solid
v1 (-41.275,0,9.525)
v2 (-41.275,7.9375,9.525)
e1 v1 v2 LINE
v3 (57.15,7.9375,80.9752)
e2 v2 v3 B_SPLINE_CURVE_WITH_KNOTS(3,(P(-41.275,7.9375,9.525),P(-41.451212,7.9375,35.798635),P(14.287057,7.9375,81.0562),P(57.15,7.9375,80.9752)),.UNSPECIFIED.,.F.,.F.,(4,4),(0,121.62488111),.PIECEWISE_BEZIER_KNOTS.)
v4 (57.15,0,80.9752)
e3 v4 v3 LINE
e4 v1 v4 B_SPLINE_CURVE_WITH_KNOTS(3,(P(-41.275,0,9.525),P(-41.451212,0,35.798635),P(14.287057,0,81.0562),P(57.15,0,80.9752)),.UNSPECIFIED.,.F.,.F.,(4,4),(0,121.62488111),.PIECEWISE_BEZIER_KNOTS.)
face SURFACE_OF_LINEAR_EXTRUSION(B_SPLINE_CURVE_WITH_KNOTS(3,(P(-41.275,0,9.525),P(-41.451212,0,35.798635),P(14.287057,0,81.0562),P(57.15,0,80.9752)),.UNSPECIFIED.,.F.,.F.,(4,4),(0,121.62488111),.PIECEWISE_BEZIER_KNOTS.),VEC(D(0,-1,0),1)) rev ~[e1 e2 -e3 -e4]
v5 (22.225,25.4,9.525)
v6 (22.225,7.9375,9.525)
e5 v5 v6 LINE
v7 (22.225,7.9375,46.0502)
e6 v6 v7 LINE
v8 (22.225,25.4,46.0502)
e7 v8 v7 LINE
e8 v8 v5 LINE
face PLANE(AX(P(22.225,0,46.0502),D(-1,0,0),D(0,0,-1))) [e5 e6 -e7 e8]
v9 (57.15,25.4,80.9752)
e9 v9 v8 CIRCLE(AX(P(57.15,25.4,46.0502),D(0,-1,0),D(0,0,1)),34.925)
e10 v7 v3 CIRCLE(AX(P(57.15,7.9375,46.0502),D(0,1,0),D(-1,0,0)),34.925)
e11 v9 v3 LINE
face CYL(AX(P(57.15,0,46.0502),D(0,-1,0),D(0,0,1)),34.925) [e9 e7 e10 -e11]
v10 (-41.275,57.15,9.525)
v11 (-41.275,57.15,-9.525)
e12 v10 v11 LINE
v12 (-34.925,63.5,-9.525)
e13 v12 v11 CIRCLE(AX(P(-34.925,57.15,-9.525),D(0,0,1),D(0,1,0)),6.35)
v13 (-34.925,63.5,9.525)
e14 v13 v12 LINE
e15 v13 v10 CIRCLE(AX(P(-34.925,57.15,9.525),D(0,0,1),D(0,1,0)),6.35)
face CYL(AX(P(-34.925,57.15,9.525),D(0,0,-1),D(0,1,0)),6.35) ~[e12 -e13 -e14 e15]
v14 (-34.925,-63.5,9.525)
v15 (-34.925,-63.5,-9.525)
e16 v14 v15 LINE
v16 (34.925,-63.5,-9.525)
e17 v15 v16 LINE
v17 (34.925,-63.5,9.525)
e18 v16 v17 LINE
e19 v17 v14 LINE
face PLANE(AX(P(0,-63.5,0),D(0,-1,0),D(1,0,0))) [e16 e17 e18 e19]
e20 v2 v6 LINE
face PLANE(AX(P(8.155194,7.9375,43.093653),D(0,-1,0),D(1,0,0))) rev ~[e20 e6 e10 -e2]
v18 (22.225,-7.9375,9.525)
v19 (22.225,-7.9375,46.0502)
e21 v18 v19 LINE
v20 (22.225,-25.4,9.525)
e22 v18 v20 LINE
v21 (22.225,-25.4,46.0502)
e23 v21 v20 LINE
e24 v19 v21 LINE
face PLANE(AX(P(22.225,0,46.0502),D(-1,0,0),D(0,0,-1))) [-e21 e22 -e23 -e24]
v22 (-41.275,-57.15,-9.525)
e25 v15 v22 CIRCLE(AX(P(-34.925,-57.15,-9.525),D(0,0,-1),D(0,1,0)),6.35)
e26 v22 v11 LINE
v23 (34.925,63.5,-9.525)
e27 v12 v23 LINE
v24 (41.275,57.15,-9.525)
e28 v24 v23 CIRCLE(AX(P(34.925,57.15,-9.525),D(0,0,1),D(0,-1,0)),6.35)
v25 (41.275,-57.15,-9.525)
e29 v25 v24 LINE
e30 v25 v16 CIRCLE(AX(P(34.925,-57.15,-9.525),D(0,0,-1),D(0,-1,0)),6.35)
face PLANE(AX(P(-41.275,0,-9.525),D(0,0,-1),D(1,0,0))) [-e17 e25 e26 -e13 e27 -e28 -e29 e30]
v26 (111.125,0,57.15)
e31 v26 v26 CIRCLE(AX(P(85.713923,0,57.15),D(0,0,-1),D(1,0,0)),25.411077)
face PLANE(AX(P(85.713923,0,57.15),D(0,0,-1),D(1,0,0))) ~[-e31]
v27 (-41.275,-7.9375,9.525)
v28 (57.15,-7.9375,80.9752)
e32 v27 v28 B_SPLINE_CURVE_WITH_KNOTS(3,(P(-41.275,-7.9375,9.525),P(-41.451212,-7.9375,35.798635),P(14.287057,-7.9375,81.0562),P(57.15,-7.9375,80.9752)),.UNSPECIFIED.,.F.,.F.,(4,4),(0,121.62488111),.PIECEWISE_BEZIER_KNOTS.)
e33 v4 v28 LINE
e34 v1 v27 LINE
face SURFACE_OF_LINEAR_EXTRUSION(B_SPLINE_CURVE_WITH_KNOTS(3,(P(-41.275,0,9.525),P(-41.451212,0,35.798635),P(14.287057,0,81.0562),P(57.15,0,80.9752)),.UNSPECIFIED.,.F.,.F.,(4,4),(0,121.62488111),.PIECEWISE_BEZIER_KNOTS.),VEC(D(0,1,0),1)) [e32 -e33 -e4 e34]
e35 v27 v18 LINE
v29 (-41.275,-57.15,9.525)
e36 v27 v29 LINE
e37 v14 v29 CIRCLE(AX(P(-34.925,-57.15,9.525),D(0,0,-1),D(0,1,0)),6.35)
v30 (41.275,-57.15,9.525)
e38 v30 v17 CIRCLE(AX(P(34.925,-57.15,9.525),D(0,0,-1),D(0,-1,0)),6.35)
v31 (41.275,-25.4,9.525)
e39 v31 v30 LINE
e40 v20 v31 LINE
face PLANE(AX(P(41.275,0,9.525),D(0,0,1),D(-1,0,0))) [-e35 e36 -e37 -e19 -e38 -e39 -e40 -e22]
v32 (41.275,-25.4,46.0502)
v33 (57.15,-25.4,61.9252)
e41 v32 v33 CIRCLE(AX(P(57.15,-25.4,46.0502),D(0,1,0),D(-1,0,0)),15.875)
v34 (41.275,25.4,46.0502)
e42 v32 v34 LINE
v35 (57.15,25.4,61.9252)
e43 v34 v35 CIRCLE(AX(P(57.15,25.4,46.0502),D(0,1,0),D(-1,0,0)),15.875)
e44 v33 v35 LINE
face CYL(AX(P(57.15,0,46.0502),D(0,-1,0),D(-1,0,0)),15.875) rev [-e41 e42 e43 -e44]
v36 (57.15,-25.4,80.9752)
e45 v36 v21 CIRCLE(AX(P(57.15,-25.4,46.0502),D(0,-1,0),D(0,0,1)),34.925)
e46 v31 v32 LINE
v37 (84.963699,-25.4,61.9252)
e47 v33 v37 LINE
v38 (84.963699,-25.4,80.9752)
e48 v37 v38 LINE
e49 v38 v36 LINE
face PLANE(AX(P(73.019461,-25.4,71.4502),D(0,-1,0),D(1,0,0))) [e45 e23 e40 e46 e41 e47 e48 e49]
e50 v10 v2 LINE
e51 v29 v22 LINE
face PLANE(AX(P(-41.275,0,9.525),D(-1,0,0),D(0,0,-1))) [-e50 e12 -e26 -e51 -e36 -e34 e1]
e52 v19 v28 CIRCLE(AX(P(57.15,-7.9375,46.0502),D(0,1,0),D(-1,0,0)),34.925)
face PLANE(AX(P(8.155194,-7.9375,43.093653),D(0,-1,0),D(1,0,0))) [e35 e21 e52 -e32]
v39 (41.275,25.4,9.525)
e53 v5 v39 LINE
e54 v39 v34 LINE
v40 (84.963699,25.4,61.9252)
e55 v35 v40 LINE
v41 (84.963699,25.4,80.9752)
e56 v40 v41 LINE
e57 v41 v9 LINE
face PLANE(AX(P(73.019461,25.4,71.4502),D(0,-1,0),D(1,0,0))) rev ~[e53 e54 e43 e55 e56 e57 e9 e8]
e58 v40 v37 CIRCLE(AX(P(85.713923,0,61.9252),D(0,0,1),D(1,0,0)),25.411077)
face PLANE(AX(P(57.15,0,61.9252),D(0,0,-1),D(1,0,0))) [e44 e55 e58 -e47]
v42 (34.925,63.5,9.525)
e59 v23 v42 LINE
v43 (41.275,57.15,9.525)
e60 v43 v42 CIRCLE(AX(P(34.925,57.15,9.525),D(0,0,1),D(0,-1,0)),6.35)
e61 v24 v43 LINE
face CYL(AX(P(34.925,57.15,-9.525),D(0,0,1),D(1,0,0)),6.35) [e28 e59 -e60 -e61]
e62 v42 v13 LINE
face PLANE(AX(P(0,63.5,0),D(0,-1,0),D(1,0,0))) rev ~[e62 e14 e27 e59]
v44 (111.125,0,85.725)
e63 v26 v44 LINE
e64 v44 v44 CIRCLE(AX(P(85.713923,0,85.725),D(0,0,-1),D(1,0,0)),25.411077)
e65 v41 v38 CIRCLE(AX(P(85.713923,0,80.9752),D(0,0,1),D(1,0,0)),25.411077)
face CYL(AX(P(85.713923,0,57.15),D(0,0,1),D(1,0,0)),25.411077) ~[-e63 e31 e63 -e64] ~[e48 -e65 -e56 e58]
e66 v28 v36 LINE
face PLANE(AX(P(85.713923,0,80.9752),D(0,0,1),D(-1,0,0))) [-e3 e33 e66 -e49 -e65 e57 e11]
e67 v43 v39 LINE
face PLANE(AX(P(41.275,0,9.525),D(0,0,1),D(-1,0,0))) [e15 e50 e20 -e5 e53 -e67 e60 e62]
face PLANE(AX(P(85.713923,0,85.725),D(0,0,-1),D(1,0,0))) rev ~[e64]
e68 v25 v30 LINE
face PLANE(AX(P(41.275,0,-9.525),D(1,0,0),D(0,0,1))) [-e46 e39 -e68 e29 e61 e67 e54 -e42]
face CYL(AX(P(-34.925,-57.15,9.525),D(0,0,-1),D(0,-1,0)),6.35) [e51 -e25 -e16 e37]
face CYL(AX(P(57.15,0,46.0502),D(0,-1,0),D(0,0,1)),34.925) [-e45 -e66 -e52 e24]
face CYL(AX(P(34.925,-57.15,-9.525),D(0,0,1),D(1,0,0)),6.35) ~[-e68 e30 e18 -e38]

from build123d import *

# Parameters (mm, degrees)
F1_DEPTH = 63.5
F0_W     = 25.3889229774
F0_H     = 19.05
F2_DEPTH = 25.4
F3_DEPTH = 7.9375
F5_R     = 6.35


with BuildPart() as f1:
    # F0 (on Front) → F1 (new body, symmetric)
    with BuildSketch(Plane.XZ):
        Polygon((41.275, -9.525), (41.275, 9.525), (22.225, 9.525), (-41.275, 9.525), (-41.275, -9.525), align=None)
    extrude(amount=F1_DEPTH, both=True)

    # F0 (on Front) → F2 (join, symmetric)
    with BuildSketch(Plane.XZ):
        with Locations((73.0194614887, 71.4502)):
            Rectangle(F0_W, F0_H)
        with BuildLine():
            Line((22.225, 9.525), (41.275, 9.525))
            Line((41.275, 9.525), (41.275, 46.0502))
            ThreePointArc((41.275, 46.0502), (45.9246798487, 57.2755201513), (57.15, 61.9252))
            Line((57.15, 61.9252), (60.325, 61.9252))
            Line((60.325, 61.9252), (60.325, 80.9752))
            Line((60.325, 80.9752), (57.15, 80.9752))
            ThreePointArc((57.15, 80.9752), (32.4542956671, 70.7459043329), (22.225, 46.0502))
            Line((22.225, 46.0502), (22.225, 9.525))
        make_face()
    extrude(amount=F2_DEPTH, both=True)

    # F0 (on Front) → F3 (join, symmetric)
    with BuildSketch(Plane.XZ):
        with BuildLine():
            Line((-41.275, 9.525), (22.225, 9.525))
            Line((22.225, 9.525), (22.225, 46.0502))
            ThreePointArc((22.225, 46.0502), (32.4542956671, 70.7459043329), (57.15, 80.9752))
            add(Edge.make_bspline(
                [(-41.275, 9.525), (-41.4512120187, 35.7986353338), (14.2870573327, 81.0561999679), (57.15, 80.9752)],
                knots=[0, 0, 0, 0, 121.6248811101, 121.6248811101, 121.6248811101, 121.6248811101], degree=3))
        make_face()
    extrude(amount=F3_DEPTH, both=True)

    # F0 (on Front) → F4 (revolve)
    with BuildSketch(Plane.XZ):
        Polygon((85.7139229774, 80.9752), (85.7139229774, 61.9252), (85.7139229774, 57.15), (111.125, 57.15), (111.125, 85.725), (85.7139229774, 85.725), align=None)
    revolve(axis=Axis((85.7139229774, 0, 71.4375), (0, 0, -1)))

    # F5
    f5_edges = [f1.edges().sort_by_distance(p)[0] for p in [
        (41.275, -63.5, 0),
        (-41.275, -63.5, 0),
        (-41.275, 63.5, 0),
        (41.275, 63.5, 0),
    ]]
    fillet(f5_edges, radius=F5_R)


solid = f1.part
